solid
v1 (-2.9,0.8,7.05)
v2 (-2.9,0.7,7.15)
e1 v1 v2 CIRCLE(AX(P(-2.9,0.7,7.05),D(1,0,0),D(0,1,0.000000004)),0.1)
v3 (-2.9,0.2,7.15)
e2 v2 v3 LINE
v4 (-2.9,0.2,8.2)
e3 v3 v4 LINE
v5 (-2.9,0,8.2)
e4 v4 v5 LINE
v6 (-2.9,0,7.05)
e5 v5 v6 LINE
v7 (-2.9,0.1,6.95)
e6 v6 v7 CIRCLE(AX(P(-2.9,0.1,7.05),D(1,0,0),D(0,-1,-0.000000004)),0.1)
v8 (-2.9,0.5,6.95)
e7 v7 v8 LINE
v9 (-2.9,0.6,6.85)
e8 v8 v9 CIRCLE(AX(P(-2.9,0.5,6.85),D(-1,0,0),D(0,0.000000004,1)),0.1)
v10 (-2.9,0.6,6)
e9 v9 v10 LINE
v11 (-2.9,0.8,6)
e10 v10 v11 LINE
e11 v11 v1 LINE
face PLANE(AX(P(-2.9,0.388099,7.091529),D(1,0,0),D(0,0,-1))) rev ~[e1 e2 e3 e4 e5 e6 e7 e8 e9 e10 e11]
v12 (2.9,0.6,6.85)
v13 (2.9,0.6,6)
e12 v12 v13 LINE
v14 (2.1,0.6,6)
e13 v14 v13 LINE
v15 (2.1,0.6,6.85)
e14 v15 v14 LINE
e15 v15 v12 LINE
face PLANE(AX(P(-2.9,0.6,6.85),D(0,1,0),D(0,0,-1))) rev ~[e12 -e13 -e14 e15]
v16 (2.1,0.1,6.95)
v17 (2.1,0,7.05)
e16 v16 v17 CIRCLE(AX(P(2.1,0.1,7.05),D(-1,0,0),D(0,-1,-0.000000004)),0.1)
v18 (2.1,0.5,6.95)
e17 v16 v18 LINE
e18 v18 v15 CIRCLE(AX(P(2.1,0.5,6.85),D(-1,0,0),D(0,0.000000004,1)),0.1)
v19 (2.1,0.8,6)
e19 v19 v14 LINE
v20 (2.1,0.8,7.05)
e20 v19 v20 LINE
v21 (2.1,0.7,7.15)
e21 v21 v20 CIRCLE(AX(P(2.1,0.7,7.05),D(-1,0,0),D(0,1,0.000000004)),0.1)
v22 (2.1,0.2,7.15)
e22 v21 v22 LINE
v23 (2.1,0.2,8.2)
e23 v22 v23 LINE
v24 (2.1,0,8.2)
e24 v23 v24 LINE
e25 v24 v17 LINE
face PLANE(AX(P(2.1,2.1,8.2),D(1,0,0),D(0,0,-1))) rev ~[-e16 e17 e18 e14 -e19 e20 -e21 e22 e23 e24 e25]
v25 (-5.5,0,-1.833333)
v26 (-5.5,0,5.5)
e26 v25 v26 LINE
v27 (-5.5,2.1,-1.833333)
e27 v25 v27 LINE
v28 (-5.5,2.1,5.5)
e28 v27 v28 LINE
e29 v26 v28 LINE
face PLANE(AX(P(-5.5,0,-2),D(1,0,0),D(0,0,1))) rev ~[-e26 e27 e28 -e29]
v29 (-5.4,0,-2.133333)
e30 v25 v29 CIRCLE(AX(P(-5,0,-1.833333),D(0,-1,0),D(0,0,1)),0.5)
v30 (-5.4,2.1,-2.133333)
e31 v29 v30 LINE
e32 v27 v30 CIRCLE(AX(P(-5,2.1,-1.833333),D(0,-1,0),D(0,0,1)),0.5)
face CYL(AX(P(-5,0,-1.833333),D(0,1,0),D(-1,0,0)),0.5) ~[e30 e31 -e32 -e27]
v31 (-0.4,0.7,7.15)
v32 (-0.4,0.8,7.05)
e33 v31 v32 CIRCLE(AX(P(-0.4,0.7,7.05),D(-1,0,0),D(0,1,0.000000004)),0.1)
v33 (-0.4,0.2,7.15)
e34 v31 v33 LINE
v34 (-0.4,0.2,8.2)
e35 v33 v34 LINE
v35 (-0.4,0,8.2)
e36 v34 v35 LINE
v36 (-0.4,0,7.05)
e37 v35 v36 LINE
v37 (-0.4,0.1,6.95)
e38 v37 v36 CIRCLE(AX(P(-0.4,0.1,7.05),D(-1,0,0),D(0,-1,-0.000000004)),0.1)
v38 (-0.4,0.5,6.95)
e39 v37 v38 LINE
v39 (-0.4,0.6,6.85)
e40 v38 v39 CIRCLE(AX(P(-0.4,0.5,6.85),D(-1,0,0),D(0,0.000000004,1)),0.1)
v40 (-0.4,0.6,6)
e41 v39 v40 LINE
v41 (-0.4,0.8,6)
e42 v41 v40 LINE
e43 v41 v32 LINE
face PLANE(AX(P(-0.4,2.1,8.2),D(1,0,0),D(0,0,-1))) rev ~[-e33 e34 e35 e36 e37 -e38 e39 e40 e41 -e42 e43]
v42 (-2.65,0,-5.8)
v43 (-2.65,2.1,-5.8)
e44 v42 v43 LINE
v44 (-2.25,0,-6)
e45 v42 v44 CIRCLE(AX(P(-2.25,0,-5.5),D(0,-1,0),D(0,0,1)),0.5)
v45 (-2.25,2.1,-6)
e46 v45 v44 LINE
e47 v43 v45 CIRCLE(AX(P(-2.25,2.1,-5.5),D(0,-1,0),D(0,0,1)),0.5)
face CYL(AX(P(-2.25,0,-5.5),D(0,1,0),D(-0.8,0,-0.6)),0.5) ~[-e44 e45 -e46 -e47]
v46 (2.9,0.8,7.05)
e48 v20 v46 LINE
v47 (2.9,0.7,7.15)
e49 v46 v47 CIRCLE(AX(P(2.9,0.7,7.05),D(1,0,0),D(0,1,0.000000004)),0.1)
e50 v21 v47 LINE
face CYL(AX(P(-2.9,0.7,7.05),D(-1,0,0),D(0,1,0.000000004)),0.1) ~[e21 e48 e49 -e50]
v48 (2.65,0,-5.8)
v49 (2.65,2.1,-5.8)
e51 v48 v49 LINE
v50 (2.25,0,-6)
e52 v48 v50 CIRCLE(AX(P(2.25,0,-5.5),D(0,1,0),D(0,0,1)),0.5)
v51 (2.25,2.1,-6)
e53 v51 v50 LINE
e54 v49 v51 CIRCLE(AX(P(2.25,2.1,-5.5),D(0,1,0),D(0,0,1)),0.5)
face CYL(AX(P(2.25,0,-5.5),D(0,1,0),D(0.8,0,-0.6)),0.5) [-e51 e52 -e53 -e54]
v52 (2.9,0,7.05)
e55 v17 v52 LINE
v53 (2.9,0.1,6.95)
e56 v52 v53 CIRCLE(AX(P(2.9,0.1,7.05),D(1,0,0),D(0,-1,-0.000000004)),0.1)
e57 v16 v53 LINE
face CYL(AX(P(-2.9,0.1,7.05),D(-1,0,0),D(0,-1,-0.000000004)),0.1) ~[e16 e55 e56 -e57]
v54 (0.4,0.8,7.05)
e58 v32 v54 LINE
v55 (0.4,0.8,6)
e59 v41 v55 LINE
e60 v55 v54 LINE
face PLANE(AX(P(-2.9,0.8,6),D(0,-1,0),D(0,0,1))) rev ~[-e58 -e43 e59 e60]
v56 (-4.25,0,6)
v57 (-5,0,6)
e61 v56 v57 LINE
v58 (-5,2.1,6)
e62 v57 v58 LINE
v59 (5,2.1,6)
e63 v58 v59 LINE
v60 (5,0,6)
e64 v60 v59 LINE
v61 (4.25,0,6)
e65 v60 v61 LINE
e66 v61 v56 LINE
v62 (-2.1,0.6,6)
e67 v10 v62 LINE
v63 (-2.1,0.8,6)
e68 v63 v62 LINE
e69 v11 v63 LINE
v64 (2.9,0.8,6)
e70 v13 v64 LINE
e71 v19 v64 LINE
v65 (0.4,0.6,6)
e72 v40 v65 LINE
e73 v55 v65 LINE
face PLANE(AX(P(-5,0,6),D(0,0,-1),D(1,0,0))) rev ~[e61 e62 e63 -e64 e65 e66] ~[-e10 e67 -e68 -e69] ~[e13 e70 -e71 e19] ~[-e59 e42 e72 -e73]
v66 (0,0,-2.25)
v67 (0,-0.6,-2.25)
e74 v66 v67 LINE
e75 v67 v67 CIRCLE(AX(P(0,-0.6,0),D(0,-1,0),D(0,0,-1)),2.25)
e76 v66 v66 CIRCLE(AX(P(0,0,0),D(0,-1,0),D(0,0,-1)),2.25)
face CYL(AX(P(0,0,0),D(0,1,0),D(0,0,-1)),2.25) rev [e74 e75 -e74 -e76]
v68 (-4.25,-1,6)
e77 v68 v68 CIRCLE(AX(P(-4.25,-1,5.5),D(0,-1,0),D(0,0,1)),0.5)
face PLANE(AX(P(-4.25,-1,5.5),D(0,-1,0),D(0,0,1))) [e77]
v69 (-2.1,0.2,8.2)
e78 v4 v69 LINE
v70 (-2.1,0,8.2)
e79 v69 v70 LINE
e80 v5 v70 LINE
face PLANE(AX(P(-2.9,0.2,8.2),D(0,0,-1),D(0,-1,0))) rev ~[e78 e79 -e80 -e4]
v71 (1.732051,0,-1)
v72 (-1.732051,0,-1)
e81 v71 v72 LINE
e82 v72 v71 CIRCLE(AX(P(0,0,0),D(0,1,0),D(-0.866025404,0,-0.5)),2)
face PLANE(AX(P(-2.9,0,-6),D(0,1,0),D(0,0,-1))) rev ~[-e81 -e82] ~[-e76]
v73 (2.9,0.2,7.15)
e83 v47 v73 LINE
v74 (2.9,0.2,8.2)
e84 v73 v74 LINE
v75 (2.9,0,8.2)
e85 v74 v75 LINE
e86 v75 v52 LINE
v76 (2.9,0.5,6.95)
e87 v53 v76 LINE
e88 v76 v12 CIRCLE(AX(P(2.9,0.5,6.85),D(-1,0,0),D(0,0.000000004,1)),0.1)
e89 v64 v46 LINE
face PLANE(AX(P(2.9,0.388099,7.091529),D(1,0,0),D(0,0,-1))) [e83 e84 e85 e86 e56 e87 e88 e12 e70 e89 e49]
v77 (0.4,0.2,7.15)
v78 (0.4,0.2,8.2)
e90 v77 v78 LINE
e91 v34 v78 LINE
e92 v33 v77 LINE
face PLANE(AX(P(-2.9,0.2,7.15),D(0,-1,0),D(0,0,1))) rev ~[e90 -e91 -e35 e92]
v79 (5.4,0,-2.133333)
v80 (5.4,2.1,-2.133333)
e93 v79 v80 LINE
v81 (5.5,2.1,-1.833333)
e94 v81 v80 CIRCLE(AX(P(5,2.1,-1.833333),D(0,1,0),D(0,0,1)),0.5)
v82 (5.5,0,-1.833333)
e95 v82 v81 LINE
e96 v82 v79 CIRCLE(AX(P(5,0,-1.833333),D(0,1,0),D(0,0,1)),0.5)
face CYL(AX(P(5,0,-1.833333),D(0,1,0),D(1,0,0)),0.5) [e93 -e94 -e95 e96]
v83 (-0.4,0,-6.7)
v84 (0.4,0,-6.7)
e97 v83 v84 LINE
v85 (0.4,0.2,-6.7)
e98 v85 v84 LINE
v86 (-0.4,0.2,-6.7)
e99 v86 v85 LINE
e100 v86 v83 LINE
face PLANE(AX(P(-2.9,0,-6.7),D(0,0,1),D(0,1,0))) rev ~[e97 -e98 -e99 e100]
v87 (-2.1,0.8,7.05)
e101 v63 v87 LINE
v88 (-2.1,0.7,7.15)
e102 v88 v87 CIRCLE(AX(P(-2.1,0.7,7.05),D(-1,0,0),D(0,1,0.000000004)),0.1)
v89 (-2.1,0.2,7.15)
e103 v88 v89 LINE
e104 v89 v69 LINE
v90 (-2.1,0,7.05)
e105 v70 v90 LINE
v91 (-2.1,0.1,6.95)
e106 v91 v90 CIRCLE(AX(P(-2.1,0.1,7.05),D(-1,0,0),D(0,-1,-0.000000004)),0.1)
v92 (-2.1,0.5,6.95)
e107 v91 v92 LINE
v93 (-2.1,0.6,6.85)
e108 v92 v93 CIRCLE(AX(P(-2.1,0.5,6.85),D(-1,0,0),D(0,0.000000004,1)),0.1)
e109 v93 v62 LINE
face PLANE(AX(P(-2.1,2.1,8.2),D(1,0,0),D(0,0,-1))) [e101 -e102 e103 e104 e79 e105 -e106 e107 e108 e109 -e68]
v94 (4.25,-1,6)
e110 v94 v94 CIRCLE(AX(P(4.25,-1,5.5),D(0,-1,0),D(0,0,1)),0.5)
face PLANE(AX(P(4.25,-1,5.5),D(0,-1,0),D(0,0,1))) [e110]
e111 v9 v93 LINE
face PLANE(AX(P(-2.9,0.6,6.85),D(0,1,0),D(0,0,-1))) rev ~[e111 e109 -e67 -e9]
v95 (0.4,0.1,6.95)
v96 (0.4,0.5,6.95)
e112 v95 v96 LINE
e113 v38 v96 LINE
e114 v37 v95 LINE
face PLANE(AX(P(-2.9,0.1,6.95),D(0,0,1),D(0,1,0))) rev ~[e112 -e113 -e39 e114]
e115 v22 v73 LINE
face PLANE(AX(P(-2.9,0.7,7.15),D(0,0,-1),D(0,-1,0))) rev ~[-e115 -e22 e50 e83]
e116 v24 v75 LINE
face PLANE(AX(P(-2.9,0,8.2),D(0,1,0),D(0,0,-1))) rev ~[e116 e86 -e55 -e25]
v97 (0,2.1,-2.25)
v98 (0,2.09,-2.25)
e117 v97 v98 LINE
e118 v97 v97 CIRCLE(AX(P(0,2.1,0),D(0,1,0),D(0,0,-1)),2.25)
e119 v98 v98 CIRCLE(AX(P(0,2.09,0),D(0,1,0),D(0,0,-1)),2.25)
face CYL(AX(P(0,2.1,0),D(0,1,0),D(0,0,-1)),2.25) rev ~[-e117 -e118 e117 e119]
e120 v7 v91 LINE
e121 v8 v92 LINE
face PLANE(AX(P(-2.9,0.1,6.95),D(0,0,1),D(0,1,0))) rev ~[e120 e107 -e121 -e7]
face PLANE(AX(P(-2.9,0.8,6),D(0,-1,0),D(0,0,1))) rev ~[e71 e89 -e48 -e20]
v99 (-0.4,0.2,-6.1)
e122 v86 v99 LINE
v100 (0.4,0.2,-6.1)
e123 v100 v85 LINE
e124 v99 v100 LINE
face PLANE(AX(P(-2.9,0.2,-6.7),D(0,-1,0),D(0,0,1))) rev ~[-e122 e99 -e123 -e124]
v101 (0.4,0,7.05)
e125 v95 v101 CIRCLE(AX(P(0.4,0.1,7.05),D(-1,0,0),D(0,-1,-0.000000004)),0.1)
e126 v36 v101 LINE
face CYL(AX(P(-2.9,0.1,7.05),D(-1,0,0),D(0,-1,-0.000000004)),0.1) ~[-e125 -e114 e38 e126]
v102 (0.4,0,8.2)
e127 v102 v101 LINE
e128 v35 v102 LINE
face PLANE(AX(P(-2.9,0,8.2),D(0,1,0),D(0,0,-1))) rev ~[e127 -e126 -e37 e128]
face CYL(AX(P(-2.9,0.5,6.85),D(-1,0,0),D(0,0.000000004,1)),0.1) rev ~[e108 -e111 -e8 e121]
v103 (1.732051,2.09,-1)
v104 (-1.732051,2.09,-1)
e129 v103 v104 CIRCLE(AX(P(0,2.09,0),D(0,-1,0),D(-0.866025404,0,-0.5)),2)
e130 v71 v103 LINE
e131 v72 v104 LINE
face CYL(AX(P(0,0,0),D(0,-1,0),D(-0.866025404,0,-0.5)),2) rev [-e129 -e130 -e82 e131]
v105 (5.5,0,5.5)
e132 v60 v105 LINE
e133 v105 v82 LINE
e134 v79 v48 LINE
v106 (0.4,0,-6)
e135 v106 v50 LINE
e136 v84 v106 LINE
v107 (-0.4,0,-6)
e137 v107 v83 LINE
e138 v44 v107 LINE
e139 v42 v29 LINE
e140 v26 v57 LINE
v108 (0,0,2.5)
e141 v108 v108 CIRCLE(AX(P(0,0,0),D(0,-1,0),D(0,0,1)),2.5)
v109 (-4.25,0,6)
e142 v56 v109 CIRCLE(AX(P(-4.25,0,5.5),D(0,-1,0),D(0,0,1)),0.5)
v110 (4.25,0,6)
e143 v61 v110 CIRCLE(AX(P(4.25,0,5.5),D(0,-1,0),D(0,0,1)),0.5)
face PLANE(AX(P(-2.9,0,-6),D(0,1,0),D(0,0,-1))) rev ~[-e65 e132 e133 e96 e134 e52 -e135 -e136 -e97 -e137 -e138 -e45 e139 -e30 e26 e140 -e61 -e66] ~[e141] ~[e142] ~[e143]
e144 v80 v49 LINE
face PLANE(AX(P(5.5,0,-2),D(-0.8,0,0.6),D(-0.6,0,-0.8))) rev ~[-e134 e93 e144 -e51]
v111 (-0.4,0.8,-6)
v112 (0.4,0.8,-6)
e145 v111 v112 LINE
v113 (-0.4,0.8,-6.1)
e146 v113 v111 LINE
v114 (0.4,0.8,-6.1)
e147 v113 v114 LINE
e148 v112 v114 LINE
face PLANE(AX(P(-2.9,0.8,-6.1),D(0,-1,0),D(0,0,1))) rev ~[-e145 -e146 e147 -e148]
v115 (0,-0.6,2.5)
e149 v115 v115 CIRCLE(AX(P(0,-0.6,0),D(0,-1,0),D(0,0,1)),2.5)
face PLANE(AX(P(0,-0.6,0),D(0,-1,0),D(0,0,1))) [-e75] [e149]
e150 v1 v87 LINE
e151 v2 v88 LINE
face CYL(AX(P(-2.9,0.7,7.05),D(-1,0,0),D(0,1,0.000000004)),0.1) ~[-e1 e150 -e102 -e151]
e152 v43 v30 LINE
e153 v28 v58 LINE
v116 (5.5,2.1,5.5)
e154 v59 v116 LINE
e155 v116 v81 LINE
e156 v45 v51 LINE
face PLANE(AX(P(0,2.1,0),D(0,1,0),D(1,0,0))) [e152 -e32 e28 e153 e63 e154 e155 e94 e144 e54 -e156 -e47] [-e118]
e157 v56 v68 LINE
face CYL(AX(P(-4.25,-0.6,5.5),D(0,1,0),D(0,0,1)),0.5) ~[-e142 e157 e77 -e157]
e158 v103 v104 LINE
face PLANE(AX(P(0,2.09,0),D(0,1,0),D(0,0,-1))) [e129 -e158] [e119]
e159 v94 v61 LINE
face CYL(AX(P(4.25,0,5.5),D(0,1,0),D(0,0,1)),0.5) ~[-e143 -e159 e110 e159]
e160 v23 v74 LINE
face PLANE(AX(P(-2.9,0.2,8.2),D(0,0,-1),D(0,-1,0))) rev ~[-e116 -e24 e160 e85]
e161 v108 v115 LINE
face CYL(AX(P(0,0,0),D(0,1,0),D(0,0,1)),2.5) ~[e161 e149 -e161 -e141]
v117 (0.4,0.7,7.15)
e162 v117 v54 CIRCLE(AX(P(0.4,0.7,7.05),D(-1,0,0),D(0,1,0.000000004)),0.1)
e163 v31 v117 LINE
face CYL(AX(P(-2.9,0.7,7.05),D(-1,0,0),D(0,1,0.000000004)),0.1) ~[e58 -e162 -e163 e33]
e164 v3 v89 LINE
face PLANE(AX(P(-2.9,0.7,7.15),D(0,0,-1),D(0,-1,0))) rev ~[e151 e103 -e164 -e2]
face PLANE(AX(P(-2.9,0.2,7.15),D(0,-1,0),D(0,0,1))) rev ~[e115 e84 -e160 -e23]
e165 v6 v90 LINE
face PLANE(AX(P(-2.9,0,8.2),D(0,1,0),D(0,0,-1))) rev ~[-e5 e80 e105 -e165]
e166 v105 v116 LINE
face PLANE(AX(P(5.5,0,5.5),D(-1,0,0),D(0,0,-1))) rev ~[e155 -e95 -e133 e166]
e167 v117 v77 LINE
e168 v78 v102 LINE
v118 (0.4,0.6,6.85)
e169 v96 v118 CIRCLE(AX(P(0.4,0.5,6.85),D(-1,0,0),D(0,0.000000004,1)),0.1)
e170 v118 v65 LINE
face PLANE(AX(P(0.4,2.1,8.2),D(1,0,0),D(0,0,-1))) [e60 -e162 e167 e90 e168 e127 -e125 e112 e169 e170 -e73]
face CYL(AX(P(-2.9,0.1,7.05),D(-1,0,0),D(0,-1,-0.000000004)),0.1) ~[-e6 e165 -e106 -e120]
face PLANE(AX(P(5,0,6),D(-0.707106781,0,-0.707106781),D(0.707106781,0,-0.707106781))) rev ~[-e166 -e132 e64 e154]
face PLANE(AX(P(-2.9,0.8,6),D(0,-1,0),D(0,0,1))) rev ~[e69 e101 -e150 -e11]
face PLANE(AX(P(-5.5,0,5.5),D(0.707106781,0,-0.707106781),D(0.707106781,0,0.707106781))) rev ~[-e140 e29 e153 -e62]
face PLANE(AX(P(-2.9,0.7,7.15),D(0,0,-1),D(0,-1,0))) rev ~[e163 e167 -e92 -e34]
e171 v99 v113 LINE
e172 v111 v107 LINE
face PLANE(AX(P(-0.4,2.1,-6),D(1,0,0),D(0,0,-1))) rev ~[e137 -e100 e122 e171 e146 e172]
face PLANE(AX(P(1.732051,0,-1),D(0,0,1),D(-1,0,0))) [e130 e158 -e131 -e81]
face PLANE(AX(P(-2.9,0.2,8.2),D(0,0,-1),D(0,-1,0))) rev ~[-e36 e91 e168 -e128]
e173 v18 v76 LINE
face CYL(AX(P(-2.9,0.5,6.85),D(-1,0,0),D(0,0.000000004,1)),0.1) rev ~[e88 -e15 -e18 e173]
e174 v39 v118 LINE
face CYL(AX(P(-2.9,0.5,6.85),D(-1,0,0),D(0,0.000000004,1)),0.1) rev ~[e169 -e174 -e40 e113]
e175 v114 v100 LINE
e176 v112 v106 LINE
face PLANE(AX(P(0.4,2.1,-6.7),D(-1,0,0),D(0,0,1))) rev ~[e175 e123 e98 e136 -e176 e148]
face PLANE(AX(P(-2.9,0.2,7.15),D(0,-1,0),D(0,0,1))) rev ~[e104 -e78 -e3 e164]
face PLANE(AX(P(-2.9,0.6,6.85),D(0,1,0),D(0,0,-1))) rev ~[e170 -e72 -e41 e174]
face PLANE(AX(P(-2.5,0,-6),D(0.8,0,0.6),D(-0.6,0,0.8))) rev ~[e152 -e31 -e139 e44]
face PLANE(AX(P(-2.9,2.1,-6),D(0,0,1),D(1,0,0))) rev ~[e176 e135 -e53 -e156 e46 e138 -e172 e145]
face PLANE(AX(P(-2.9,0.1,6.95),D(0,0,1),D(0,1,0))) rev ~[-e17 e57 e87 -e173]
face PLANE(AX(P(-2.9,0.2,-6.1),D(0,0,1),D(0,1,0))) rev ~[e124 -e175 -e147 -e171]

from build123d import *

# Parameters (mm, degrees)
SKETCH1_R                = 2.5
FORMABASE_DEPTH          = 2.1
FILLET1_R                = 0.5
BOSS_EXTRUDE2_DEPTH      = 2.9
BOSS_EXTRUDE2_DEPTH_BACK = 2.9
BOSS_EXTRUDE2_START      = -5.5
SKETCH3_W                = 1.7
SKETCH3_H                = 2.2
CUT_EXTRUDE1_DEPTH       = 11.094552987
SKETCH4_R                = 2.5
SKETCH4_R_2              = 2.25
SKETCH4_R_3              = 0.5
BOSS_EXTRUDE3_DEPTH      = 0.6
SKETCH5_R                = 0.5
BOSS_EXTRUDE4_DEPTH      = 0.4
SKETCH6_R                = 2.25
CUT_EXTRUDE2_DEPTH       = 0.01


with BuildPart() as part:
    # Sketch1 → FormaBase (new body)
    # profile 1 of 2: a face of its own
    with BuildSketch(Plane(origin=(0, 0, 0), x_dir=(1, 0, 0), z_dir=(0, 1, 0))):
        Polygon((-5, -6), (5, -6), (5.5, -5.5), (5.5, 2), (2.5, 6), (-2.5, 6), (-5.5, 2), (-5.5, -5.5), align=None)
        Circle(SKETCH1_R, mode=Mode.SUBTRACT)
    # profile 2 of 2: a face of its own
    with BuildSketch(Plane(origin=(0, 0, 0), x_dir=(1, 0, 0), z_dir=(0, 1, 0))):
        Circle(SKETCH1_R)
        with BuildLine():
            ThreePointArc((-1.732050808, 1), (0, -2), (1.732050808, 1))
            Line((1.732050808, 1), (-1.732050808, 1))
        make_face(mode=Mode.SUBTRACT)
    extrude(amount=FORMABASE_DEPTH)

    # Fillet1
    fillet1_edges = [part.edges().sort_by_distance(p)[0] for p in [
        (-5.5, 1.05, -2),
        (-2.5, 1.05, -6),
        (2.5, 1.05, -6),
        (5.5, 1.05, -2),
    ]]
    fillet(fillet1_edges, radius=FILLET1_R)

    # Sketch2 → Boss-Extrude2 (add, two sides: drawn at the far end of the back side and taken through both)
    with BuildSketch(Plane(origin=(5.5, 0, 0), x_dir=(0, 0, -1), z_dir=(1, 0, 0)).offset(BOSS_EXTRUDE2_START - BOSS_EXTRUDE2_DEPTH_BACK)):
        with BuildLine():
            Line((-8.2, 0), (-7.05, 0))
            ThreePointArc((-7.05, 0), (-6.979289322, 0.029289322), (-6.95, 0.1))
            Line((-6.95, 0.1), (-6.95, 0.5))
            ThreePointArc((-6.95, 0.5), (-6.920710678, 0.570710678), (-6.85, 0.6))
            Line((-6.85, 0.6), (-6, 0.6))
            Line((-6, 0.6), (-6, 0.8))
            Line((-6, 0.8), (-7.05, 0.8))
            ThreePointArc((-7.05, 0.8), (-7.120710678, 0.770710678), (-7.15, 0.7))
            Line((-7.15, 0.7), (-7.15, 0.2))
            Line((-7.15, 0.2), (-8.2, 0.2))
            Line((-8.2, 0.2), (-8.2, 0))
        make_face()
        Polygon((6, 0.8), (6, 0), (6.7, 0), (6.7, 0.2), (6.1, 0.2), (6.1, 0.8), align=None)
    extrude(amount=BOSS_EXTRUDE2_DEPTH + BOSS_EXTRUDE2_DEPTH_BACK)

    # Sketch3 → Cut-Extrude1 (cut, through all)
    with BuildSketch(Plane(origin=(0, 2.1, 0), x_dir=(1, 0, 0), z_dir=(0, 1, 0))):
        with Locations((-1.25, -7.1)):
            Rectangle(SKETCH3_W, SKETCH3_H)
        with Locations((1.25, -7.1)):
            Rectangle(SKETCH3_W, SKETCH3_H)
        Polygon((-2.1, 6), (-0.4, 6), (-0.4, 6.7), (-2.9, 6.7), (-2.9, 6), (-2.25, 6), align=None)
        Polygon((0.4, 6.7), (0.4, 6), (2.1, 6), (2.25, 6), (2.9, 6), (2.9, 6.7), align=None)
    extrude(amount=-CUT_EXTRUDE1_DEPTH, mode=Mode.SUBTRACT)

    # Sketch4 → Boss-Extrude3 (add)
    # profile 1 of 3: a face of its own
    with BuildSketch(Plane.XZ):
        with Locations(Location((0, 0, 0), (0, 0, 90))):
            Circle(SKETCH4_R)
        with Locations(Location((0, 0, 0), (0, 0, 270))):
            Circle(SKETCH4_R_2, mode=Mode.SUBTRACT)
    # profile 2 of 3: a face of its own
    with BuildSketch(Plane.XZ):
        with Locations(Location((4.25, 5.5, 0), (0, 0, 90))):
            Circle(SKETCH4_R_3)
    # profile 3 of 3: a face of its own
    with BuildSketch(Plane.XZ):
        with Locations(Location((-4.25, 5.5, 0), (0, 0, 90))):
            Circle(SKETCH4_R_3)
    extrude(amount=BOSS_EXTRUDE3_DEPTH)

    # Sketch5 → Boss-Extrude4 (add)
    with BuildSketch(Plane.XZ.offset(0.6)):
        with Locations(Location((-4.25, 5.5, 0), (0, 0, 90))):
            Circle(SKETCH5_R)
        with Locations(Location((4.25, 5.5, 0), (0, 0, 90))):
            Circle(SKETCH5_R)
    extrude(amount=BOSS_EXTRUDE4_DEPTH)

    # Sketch6 → Cut-Extrude2 (cut)
    with BuildSketch(Plane(origin=(0, 2.1, 0), x_dir=(1, 0, 0), z_dir=(0, 1, 0))):
        with Locations(Location((0, 0, 0), (0, 0, 90))):
            Circle(SKETCH6_R)
    extrude(amount=-CUT_EXTRUDE2_DEPTH, mode=Mode.SUBTRACT)


solid = part.part
